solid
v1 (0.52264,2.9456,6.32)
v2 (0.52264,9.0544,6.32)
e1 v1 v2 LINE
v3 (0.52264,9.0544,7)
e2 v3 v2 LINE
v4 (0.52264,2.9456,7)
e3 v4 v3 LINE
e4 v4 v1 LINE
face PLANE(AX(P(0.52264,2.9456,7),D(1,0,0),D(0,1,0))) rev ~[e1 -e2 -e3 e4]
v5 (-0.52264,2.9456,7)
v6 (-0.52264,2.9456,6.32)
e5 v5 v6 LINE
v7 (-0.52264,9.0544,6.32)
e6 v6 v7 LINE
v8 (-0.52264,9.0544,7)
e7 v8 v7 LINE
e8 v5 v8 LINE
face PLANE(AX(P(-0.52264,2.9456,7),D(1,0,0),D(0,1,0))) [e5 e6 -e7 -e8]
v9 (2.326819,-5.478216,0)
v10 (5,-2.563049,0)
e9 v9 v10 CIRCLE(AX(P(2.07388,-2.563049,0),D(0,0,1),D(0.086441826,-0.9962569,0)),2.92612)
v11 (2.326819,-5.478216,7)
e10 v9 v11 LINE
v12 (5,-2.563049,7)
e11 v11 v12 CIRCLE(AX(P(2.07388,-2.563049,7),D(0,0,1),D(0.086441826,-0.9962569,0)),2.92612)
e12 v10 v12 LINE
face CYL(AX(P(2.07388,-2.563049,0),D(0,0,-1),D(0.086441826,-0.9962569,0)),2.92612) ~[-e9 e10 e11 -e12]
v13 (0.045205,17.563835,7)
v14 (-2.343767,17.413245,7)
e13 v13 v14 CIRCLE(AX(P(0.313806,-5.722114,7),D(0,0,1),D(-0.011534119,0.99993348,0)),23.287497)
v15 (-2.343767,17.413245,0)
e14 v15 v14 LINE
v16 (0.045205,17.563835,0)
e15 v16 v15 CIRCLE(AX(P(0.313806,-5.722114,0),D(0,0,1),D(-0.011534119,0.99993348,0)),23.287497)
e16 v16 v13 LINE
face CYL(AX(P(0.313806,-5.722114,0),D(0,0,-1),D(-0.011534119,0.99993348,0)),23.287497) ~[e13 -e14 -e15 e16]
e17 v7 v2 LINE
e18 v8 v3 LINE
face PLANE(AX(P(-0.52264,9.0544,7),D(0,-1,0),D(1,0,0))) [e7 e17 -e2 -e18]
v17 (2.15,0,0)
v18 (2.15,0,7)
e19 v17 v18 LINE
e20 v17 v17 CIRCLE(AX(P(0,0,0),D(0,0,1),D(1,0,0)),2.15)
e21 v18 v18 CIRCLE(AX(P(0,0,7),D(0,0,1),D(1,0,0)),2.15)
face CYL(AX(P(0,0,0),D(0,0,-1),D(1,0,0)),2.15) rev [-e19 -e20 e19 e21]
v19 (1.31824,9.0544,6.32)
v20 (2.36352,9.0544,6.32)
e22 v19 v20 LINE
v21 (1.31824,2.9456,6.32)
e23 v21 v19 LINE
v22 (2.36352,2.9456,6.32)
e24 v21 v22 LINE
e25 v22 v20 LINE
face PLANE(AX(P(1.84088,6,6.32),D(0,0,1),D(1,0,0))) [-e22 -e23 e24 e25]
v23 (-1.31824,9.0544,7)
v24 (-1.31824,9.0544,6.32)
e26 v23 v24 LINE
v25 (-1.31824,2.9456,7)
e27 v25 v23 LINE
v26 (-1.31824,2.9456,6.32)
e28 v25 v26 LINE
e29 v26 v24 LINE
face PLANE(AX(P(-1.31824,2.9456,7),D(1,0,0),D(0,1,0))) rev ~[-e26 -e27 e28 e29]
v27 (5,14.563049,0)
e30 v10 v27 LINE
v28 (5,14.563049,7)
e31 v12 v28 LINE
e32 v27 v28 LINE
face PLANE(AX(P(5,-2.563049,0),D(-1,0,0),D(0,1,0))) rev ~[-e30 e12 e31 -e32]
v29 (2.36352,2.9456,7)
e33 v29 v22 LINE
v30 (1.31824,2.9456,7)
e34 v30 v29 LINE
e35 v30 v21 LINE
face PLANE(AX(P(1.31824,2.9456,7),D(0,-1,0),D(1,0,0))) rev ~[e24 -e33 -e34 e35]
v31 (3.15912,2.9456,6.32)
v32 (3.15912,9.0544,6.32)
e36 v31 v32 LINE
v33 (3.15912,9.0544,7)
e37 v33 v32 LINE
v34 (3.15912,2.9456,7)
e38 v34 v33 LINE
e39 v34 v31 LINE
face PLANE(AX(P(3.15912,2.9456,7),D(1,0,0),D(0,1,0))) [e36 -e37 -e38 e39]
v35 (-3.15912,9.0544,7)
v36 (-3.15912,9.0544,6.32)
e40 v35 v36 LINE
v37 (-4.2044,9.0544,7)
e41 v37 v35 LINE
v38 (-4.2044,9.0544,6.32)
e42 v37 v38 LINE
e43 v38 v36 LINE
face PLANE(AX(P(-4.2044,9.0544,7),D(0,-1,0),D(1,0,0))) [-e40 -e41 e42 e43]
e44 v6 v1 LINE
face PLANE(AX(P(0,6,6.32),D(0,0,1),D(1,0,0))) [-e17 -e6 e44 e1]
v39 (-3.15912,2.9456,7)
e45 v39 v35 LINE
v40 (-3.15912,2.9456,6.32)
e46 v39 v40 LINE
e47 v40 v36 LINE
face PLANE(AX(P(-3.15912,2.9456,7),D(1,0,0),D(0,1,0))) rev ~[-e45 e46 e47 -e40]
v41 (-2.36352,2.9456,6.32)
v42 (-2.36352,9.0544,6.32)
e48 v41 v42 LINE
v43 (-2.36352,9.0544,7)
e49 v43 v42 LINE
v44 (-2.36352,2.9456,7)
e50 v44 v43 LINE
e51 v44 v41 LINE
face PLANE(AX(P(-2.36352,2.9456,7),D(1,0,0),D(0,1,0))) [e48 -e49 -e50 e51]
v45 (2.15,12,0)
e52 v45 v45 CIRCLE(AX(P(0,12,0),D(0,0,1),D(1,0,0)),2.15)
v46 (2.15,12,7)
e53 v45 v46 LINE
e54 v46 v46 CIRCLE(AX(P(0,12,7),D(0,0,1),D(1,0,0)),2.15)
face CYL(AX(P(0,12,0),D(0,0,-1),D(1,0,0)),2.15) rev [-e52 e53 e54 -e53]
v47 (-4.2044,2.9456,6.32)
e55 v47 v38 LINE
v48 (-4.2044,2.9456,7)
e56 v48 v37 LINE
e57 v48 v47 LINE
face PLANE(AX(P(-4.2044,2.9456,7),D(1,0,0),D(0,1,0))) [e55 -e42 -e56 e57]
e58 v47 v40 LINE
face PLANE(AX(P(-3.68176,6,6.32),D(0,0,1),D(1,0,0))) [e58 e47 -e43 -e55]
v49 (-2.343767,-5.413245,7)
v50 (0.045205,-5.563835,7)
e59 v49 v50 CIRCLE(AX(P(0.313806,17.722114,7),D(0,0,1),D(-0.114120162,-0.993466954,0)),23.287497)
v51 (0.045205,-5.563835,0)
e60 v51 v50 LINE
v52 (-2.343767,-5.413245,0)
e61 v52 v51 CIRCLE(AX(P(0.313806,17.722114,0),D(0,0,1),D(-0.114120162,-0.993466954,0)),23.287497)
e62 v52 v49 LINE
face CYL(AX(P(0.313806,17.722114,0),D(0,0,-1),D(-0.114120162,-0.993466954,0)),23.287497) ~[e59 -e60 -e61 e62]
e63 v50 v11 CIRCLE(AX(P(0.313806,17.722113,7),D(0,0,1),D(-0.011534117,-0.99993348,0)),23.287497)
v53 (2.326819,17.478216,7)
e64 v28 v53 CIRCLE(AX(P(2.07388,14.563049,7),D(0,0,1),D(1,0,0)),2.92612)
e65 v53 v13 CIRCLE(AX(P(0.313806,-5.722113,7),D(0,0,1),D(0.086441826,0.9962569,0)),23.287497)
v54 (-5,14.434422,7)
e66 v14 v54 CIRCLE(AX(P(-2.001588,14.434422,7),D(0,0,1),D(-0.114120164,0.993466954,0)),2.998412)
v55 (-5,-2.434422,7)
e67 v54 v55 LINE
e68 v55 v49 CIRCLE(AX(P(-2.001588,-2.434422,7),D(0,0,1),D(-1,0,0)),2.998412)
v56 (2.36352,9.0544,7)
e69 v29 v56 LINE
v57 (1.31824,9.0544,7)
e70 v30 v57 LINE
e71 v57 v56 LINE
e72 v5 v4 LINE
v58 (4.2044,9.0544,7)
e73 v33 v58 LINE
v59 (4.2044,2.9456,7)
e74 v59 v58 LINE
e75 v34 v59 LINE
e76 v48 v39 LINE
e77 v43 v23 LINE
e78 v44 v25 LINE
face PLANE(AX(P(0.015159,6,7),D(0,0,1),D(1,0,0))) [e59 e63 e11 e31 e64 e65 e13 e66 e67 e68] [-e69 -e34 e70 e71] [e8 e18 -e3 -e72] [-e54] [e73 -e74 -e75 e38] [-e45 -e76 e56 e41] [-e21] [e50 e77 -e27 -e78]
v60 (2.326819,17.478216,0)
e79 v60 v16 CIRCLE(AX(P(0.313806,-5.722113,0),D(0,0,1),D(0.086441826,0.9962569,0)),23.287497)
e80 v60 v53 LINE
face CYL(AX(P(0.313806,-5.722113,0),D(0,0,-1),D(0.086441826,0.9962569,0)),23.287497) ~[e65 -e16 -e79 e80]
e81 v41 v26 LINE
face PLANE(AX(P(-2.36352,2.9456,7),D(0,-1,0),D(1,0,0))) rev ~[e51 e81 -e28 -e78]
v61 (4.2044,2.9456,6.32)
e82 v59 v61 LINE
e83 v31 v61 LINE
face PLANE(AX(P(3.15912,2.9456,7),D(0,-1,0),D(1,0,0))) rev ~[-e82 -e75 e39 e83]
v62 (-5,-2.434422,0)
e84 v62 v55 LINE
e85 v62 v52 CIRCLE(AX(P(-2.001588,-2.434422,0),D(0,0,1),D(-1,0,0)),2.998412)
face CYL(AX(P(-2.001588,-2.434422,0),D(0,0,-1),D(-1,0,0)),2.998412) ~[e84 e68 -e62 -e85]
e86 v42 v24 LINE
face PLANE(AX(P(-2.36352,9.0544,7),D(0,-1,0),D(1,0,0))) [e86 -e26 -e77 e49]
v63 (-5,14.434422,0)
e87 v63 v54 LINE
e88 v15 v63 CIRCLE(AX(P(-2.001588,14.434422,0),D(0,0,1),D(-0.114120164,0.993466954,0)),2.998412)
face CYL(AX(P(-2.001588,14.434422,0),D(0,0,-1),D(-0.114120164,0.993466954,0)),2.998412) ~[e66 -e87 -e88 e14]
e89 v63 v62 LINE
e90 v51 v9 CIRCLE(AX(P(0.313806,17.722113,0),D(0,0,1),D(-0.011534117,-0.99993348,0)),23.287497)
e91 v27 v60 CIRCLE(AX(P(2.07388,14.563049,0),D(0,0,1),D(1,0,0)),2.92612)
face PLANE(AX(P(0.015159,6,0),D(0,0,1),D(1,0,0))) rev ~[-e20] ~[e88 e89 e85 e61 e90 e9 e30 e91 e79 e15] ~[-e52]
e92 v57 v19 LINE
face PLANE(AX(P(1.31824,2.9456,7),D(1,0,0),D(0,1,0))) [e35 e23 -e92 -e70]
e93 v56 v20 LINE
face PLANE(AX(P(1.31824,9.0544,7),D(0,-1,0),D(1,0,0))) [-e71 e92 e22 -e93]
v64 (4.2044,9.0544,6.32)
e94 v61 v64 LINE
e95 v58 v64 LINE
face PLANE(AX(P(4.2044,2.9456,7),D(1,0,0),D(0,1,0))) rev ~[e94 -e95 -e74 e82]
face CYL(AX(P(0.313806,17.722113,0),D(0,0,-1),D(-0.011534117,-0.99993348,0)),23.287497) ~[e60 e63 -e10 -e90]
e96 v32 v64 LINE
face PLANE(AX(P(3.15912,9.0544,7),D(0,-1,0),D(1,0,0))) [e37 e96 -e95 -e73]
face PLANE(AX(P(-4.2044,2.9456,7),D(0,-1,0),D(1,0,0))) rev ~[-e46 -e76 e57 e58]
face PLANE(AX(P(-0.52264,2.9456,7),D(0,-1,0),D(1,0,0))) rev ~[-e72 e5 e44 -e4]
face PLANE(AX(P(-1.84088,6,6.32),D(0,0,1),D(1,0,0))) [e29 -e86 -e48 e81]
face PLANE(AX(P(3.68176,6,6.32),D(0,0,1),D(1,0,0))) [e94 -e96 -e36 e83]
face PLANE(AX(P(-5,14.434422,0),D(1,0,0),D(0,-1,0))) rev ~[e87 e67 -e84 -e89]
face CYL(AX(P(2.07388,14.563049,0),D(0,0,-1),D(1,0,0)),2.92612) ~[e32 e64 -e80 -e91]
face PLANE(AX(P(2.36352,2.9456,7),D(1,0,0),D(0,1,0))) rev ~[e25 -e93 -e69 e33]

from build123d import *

# Parameters (mm, degrees)
SKETCH1_R           = 2.15
BOSS_EXTRUDE1_DEPTH = 7
SKETCH4_W           = 1.04528
SKETCH4_H           = 6.1088
CUT_EXTRUDE2_DEPTH  = 0.68


with BuildPart() as part:
    # Sketch1 → Boss-Extrude1 (new body)
    with BuildSketch(Plane.XY):
        with BuildLine():
            Line((-5, 14.434422223), (-5, -2.434422223))
            ThreePointArc((-5, -2.434422223), (-4.239496508, -4.429977284), (-2.343767283, -5.413245441))
            ThreePointArc((-2.343767283, -5.413245441), (-1.151217334, -5.519255542), (0.045204926, -5.563834645))
            ThreePointArc((0.045204926, -5.563834645), (1.187062084, -5.549004877), (2.326819369, -5.478216303))
            ThreePointArc((2.326819369, -5.478216303), (4.230533554, -4.540680035), (5, -2.563049296))
            Line((5, -2.563049296), (5, 14.563049296))
            ThreePointArc((5, 14.563049296), (4.230533554, 16.540680035), (2.326819369, 17.478216303))
            ThreePointArc((2.326819369, 17.478216303), (1.187062084, 17.549004877), (0.045204926, 17.563834645))
            ThreePointArc((0.045204926, 17.563834645), (-1.151217334, 17.519255542), (-2.343767283, 17.413245441))
            ThreePointArc((-2.343767283, 17.413245441), (-4.239496508, 16.429977284), (-5, 14.434422223))
        make_face()
        Circle(SKETCH1_R, mode=Mode.SUBTRACT)
        with Locations((0, 12)):
            Circle(SKETCH1_R, mode=Mode.SUBTRACT)
    extrude(amount=BOSS_EXTRUDE1_DEPTH)

    # Sketch4 → Cut-Extrude2 (cut)
    with BuildSketch(Plane.XY.offset(7)):
        with Locations((-3.68176, 6)):
            Rectangle(SKETCH4_W, SKETCH4_H)
        with Locations((-1.84088, 6)):
            Rectangle(SKETCH4_W, SKETCH4_H)
        with Locations((0, 6)):
            Rectangle(SKETCH4_W, SKETCH4_H)
        with Locations((1.84088, 6)):
            Rectangle(SKETCH4_W, SKETCH4_H)
        with Locations((3.68176, 6)):
            Rectangle(SKETCH4_W, SKETCH4_H)
    extrude(amount=-CUT_EXTRUDE2_DEPTH, mode=Mode.SUBTRACT)


solid = part.part
